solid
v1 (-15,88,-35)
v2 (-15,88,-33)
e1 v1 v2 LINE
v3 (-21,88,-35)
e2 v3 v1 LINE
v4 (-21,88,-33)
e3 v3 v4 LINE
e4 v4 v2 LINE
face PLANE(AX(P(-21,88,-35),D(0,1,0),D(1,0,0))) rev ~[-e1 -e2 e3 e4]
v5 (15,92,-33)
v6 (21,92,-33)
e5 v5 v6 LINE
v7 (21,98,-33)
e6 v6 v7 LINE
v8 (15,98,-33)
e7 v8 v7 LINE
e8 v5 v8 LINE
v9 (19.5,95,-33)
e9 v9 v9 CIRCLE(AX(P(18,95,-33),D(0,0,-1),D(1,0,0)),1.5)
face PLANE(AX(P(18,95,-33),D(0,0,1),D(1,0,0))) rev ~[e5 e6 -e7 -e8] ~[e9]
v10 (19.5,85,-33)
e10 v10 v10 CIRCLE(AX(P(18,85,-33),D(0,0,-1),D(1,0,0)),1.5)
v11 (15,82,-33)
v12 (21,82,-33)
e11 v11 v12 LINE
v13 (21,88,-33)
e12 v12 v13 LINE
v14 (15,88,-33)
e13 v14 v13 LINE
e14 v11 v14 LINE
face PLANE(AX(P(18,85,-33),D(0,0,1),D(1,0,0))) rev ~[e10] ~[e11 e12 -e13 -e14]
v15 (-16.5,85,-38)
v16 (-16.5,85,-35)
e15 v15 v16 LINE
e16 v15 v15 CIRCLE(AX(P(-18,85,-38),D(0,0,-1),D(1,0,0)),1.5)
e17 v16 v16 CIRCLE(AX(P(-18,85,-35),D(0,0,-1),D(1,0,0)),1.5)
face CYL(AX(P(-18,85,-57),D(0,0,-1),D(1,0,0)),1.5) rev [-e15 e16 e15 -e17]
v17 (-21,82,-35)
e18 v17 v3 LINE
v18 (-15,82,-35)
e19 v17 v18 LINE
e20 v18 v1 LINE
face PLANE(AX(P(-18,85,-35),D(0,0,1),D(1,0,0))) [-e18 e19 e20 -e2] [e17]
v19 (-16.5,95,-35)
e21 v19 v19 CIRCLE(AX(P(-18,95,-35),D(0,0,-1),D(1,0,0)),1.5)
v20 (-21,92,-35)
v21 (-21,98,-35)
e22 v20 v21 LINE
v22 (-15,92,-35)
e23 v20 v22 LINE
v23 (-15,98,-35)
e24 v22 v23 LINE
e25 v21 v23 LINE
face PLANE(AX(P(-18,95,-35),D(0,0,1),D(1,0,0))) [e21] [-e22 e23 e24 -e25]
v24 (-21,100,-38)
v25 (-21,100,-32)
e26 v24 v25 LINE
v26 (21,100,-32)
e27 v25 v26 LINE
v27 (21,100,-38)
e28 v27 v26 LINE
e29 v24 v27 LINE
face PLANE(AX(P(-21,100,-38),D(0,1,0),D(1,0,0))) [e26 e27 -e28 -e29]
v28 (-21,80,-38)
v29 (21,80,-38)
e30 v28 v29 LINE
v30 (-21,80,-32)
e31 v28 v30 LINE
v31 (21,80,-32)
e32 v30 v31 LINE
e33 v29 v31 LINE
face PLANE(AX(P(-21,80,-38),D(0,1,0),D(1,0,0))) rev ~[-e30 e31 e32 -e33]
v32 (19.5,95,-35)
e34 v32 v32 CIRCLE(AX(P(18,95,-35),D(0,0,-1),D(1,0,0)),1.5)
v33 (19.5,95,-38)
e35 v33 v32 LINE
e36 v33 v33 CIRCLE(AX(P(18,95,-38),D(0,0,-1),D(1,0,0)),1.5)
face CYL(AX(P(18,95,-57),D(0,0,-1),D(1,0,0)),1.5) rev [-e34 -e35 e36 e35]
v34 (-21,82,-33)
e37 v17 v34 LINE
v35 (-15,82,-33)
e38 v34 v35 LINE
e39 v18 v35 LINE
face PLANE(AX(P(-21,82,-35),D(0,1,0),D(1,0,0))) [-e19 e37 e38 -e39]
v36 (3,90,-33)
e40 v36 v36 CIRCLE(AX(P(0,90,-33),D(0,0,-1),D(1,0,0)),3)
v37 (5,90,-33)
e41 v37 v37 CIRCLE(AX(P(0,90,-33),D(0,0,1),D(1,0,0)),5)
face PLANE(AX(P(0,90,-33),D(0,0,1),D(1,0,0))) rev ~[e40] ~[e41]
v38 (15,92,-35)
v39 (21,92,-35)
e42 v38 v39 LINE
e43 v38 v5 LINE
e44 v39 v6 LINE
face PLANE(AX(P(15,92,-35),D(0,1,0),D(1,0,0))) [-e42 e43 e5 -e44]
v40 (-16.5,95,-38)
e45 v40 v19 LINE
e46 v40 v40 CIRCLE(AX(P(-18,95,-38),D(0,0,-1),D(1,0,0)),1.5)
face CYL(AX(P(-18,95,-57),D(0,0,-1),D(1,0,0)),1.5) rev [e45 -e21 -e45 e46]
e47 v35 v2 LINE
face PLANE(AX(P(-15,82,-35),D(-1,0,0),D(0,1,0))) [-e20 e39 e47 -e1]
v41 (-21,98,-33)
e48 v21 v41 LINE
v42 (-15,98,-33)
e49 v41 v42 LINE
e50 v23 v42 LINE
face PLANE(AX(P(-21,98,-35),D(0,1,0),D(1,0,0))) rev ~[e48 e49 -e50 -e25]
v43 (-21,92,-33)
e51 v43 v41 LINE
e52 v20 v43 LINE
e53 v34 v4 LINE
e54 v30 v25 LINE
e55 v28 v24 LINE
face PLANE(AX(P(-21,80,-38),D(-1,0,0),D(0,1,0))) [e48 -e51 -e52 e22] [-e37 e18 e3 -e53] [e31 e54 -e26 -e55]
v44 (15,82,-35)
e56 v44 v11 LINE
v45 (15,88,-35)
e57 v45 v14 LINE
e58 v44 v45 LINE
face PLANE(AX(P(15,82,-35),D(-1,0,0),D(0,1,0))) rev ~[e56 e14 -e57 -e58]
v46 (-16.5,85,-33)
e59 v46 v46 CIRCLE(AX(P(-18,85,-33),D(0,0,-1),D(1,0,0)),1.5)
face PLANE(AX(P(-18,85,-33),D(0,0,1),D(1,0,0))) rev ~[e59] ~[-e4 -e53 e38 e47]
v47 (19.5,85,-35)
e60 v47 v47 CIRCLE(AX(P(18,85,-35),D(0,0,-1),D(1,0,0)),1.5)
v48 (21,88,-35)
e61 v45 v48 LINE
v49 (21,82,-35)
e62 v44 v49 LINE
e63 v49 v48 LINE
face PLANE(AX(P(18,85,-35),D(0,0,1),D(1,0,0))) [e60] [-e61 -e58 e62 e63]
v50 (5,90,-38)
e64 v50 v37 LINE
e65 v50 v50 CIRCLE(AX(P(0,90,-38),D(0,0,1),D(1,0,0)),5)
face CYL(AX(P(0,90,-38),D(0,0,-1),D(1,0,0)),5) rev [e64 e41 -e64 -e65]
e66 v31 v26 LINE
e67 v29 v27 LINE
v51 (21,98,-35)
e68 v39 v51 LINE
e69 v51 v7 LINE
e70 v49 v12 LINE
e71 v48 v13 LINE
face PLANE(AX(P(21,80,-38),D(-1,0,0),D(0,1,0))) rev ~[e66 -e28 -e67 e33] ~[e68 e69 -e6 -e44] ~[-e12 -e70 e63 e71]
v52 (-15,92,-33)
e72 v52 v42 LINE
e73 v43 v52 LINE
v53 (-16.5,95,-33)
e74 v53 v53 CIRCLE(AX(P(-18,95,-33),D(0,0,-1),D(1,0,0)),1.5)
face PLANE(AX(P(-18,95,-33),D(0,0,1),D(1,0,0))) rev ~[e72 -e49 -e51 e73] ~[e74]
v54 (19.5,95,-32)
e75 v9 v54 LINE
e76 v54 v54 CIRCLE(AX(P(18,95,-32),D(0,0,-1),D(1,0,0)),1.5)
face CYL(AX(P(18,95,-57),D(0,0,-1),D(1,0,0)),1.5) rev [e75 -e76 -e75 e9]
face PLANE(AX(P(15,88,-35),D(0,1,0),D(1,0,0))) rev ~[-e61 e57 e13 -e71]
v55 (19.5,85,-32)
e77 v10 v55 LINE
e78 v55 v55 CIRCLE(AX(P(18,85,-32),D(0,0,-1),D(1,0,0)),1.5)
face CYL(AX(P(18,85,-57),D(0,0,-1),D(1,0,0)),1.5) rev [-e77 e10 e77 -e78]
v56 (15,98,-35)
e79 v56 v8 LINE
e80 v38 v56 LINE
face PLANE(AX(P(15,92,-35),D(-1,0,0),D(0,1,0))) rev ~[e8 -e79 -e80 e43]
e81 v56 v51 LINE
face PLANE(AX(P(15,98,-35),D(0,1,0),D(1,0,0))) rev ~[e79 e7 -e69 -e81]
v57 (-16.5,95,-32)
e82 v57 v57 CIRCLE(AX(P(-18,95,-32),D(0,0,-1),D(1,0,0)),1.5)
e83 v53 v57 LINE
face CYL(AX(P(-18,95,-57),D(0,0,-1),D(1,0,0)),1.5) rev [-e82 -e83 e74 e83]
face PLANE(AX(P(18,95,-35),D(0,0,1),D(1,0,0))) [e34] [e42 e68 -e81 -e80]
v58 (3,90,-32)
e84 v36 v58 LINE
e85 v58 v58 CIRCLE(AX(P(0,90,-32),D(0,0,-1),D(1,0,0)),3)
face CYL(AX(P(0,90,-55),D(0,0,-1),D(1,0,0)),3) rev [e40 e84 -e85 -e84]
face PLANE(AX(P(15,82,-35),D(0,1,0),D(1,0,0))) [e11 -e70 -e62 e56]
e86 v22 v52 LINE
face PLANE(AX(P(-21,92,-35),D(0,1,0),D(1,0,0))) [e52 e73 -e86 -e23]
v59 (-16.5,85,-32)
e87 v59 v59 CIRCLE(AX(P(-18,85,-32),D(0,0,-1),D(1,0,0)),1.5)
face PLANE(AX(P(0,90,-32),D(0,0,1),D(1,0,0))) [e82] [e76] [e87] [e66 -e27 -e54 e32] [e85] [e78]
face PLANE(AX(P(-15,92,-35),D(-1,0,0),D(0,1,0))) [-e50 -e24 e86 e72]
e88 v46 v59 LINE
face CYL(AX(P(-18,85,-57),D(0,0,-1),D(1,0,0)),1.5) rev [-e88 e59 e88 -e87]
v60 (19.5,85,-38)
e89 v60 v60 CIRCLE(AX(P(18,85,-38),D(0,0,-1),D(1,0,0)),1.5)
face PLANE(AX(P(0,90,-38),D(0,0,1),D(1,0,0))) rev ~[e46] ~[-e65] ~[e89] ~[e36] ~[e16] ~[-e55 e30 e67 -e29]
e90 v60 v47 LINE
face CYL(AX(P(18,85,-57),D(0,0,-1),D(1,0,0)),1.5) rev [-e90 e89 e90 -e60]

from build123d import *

# Parameters (mm, degrees)
CYLINDER1707_R     = 1.5
CYLINDER1707_DEPTH = 60
CYLINDER1708_R     = 1.5
CYLINDER1708_DEPTH = 60
CYLINDER1704_R     = 1.5
CYLINDER1704_DEPTH = 60
CYLINDER1705_R     = 1.5
CYLINDER1705_DEPTH = 60
BOX662_W           = 6
BOX662_H           = 6
BOX662_DEPTH       = 2
BOX664_W           = 6
BOX664_H           = 6
BOX664_DEPTH       = 2
BOX663_W           = 6
BOX663_H           = 6
BOX663_DEPTH       = 2
BOX661_W           = 6
BOX661_H           = 6
BOX661_DEPTH       = 2
CYLINDER1700_R     = 5
CYLINDER1700_DEPTH = 5
CYLINDER1699_R     = 3
CYLINDER1699_DEPTH = 48
BOX660_W           = 42
BOX660_H           = 20
BOX660_DEPTH       = 6


with BuildPart() as v_lec1707:
    # Cylinder1707 → Cylinder1707 (new body)
    with BuildSketch(Plane(origin=(18, 85, -57), x_dir=(1, 0, 0), z_dir=(0, 0, 1))):
        Circle(CYLINDER1707_R)
    extrude(amount=CYLINDER1707_DEPTH)


with BuildPart() as v_lec1708:
    # Cylinder1708 → Cylinder1708 (new body)
    with BuildSketch(Plane(origin=(-18, 85, -57), x_dir=(1, 0, 0), z_dir=(0, 0, 1))):
        Circle(CYLINDER1708_R)
    extrude(amount=CYLINDER1708_DEPTH)


with BuildPart() as v_lec1704:
    # Cylinder1704 → Cylinder1704 (new body)
    with BuildSketch(Plane(origin=(-18, 95, -57), x_dir=(1, 0, 0), z_dir=(0, 0, 1))):
        Circle(CYLINDER1704_R)
    extrude(amount=CYLINDER1704_DEPTH)


with BuildPart() as compound849:
    # Cylinder1705 → Cylinder1705 (new body)
    with BuildSketch(Plane(origin=(18, 95, -57), x_dir=(1, 0, 0), z_dir=(0, 0, 1))):
        Circle(CYLINDER1705_R)
    extrude(amount=CYLINDER1705_DEPTH)

    # Compound849: union Válec1707, Válec1708, Válec1704
    add(v_lec1707.part)
    add(v_lec1708.part)
    add(v_lec1704.part)


with BuildPart() as krychle662:
    # Box662 → Box662 (new body)
    with BuildSketch(Plane(origin=(-21, 92, -56), x_dir=(1, 0, 0), z_dir=(0, 0, 1))):
        with Locations((3, 3)):
            Rectangle(BOX662_W, BOX662_H)
    extrude(amount=BOX662_DEPTH)


with BuildPart() as krychle664:
    # Box664 → Box664 (new body)
    with BuildSketch(Plane(origin=(15, 82, -56), x_dir=(1, 0, 0), z_dir=(0, 0, 1))):
        with Locations((3, 3)):
            Rectangle(BOX664_W, BOX664_H)
    extrude(amount=BOX664_DEPTH)


with BuildPart() as krychle663:
    # Box663 → Box663 (new body)
    with BuildSketch(Plane(origin=(15, 92, -56), x_dir=(1, 0, 0), z_dir=(0, 0, 1))):
        with Locations((3, 3)):
            Rectangle(BOX663_W, BOX663_H)
    extrude(amount=BOX663_DEPTH)


with BuildPart() as compound848:
    # Box661 → Box661 (new body)
    with BuildSketch(Plane(origin=(-21, 82, -56), x_dir=(1, 0, 0), z_dir=(0, 0, 1))):
        with Locations((3, 3)):
            Rectangle(BOX661_W, BOX661_H)
    extrude(amount=BOX661_DEPTH)

    # Compound848: union Krychle662, Krychle664, Krychle663
    add(krychle662.part)
    add(krychle664.part)
    add(krychle663.part)


with BuildPart() as compound848_1:
    # Compound848 placement: moved
    add(compound848.part.moved(Location((0, 0, 21))))


with BuildPart() as v_lec1700:
    # Cylinder1700 → Cylinder1700 (new body)
    with BuildSketch(Plane(origin=(0, 90, -38), x_dir=(1, 0, 0), z_dir=(0, 0, 1))):
        Circle(CYLINDER1700_R)
    extrude(amount=CYLINDER1700_DEPTH)


with BuildPart() as v_lec1699:
    # Cylinder1699 → Cylinder1699 (new body)
    with BuildSketch(Plane(origin=(0, 90, -55), x_dir=(1, 0, 0), z_dir=(0, 0, 1))):
        Circle(CYLINDER1699_R)
    extrude(amount=CYLINDER1699_DEPTH)


with BuildPart() as cut355:
    # Box660 → Box660 (new body)
    with BuildSketch(Plane(origin=(-21, 80, -38), x_dir=(1, 0, 0), z_dir=(0, 0, 1))):
        with Locations((21, 10)):
            Rectangle(BOX660_W, BOX660_H)
    extrude(amount=BOX660_DEPTH)

    # Cut347: cut Válec1699
    add(v_lec1699.part, mode=Mode.SUBTRACT)

    # Cut346: cut Válec1700
    add(v_lec1700.part, mode=Mode.SUBTRACT)

    # Cut349: cut Compound848
    add(compound848_1.part, mode=Mode.SUBTRACT)

    # Cut355: cut Compound849
    add(compound849.part, mode=Mode.SUBTRACT)


solid = cut355.part
